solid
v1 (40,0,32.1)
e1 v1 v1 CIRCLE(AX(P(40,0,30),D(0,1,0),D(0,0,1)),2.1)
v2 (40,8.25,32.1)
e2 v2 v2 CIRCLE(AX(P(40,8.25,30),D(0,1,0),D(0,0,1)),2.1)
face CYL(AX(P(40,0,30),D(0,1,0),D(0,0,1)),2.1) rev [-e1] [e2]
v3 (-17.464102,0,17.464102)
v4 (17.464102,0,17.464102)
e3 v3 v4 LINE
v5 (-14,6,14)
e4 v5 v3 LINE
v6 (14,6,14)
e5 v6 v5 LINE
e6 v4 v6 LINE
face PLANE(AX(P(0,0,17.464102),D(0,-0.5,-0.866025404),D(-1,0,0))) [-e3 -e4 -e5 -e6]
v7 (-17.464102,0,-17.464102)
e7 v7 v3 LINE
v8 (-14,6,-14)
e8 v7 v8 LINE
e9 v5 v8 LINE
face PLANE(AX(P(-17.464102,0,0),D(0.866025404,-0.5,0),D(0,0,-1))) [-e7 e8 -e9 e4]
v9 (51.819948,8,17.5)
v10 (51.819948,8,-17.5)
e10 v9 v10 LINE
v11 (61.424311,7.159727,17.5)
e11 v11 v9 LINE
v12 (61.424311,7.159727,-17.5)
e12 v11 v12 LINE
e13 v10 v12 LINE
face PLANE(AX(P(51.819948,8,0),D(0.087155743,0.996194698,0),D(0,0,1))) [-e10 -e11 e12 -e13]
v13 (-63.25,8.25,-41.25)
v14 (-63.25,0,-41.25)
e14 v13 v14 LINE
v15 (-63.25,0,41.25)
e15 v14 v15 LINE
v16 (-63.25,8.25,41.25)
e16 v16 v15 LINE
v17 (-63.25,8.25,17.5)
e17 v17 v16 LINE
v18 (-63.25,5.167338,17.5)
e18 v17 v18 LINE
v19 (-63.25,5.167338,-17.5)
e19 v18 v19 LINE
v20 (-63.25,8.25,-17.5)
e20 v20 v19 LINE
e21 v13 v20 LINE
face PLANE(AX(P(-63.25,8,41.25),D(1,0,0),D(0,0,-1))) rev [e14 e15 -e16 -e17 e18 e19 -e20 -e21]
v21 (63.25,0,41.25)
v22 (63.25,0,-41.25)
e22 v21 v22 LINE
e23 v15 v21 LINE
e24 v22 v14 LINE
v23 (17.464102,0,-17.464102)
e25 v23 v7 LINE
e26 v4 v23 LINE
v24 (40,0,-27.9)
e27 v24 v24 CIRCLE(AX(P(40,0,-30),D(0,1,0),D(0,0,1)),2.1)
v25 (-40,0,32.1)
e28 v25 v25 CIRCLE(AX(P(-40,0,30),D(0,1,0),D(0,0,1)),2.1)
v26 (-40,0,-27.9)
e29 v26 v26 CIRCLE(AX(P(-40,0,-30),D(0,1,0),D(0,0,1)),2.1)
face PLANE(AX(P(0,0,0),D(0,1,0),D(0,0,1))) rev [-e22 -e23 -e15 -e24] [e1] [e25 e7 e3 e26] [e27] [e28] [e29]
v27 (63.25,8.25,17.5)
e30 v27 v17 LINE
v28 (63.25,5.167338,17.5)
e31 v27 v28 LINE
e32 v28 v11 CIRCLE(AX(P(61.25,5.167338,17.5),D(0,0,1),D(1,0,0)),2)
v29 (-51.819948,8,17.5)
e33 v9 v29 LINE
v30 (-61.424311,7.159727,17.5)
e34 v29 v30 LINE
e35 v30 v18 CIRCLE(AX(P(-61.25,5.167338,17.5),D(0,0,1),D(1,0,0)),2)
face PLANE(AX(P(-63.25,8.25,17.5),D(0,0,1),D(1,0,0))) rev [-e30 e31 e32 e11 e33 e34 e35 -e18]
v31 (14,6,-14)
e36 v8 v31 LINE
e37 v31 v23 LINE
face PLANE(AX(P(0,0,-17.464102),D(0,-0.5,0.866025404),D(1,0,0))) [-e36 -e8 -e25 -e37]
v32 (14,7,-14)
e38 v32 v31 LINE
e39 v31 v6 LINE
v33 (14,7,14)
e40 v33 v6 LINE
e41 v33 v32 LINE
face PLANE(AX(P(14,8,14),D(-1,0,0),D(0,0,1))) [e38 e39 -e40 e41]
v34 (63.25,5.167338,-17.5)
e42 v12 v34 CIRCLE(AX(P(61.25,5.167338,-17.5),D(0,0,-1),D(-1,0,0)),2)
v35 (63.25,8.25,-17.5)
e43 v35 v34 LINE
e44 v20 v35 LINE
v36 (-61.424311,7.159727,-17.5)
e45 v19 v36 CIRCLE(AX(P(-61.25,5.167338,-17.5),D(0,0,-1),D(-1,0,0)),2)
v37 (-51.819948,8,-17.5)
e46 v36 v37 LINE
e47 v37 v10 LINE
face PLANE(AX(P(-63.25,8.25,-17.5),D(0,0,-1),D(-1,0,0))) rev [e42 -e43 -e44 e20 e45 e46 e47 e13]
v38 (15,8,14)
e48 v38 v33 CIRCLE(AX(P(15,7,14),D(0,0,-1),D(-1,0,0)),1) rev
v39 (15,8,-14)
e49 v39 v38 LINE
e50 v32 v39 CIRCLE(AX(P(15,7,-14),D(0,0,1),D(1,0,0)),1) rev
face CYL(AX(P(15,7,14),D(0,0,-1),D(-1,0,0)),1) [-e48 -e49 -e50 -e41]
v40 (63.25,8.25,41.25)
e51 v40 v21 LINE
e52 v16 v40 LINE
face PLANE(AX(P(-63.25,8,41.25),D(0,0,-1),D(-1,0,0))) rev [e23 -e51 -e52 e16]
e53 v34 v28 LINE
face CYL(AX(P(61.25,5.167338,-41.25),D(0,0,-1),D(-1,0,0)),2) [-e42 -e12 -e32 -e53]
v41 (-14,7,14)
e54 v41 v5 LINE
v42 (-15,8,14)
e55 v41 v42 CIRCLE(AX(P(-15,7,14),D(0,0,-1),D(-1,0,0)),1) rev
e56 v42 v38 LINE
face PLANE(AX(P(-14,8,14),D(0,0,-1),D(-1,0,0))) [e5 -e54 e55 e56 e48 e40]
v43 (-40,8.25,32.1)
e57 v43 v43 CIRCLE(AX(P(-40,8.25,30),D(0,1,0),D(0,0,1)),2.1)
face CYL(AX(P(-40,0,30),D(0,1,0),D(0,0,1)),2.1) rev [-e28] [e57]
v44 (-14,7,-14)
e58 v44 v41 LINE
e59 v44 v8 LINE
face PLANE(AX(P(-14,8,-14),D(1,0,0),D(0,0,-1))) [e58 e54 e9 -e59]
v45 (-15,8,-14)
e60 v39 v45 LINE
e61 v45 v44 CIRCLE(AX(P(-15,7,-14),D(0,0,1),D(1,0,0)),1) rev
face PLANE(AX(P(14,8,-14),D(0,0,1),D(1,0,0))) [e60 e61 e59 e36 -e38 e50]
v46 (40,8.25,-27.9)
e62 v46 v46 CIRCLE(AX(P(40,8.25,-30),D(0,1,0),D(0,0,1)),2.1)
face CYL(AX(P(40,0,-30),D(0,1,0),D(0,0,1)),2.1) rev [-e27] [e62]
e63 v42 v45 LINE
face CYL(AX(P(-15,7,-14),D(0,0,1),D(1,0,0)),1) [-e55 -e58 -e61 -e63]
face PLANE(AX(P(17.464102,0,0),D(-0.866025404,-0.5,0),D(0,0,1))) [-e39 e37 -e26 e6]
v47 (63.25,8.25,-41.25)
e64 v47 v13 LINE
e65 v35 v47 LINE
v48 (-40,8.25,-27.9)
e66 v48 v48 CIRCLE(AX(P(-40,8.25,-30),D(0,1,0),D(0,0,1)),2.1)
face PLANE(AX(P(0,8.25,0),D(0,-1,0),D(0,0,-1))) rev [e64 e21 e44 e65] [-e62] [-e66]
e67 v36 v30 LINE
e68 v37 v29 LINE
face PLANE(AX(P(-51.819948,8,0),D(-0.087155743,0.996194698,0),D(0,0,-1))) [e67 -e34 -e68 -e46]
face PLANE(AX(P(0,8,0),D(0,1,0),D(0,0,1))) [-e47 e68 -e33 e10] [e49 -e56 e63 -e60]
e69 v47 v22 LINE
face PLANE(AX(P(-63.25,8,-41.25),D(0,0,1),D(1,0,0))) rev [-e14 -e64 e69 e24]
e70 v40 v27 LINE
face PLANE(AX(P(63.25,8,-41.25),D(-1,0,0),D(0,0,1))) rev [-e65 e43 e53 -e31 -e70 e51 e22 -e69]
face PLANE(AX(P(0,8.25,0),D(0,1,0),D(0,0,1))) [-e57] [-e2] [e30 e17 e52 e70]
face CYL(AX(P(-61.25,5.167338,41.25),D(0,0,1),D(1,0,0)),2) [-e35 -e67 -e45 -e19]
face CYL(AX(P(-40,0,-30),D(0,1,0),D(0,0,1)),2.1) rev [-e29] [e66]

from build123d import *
from OCP.BRepFilletAPI import BRepFilletAPI_MakeChamfer

# Parameters (mm, degrees)
SKETCH_1_W               = 126.5
SKETCH_1_H               = 82.5
SKETCH_1_W_2             = 28
SKETCH_1_H_2             = 28
EXTRUDE_1_DEPTH          = 8
SKETCH_2_W               = 126.5
SKETCH_2_H               = 23.75
EXTRUDE_2_DEPTH          = 0.25
CHAMFER_1_SIZE           = 1
CHAMFER_1_SIZE2          = 11.430052303
FILLET_1_R               = 2
FILLET_2_R               = 1
CUT_EXTRUDE_1_DEPTH      = 76.935005103
CUT_EXTRUDE_1_DEPTH_BACK = 76.935005103
SKETCH_3_R               = 2.1
CHAMFER_2_SIZE           = 6
CHAMFER_2_SIZE2          = 3.464101615
CHAMFER_3_SIZE           = 6
CHAMFER_3_SIZE2          = 3.464101615


with BuildPart() as part:
    # Эскиз1 → Бобышка-Вытянуть1 (new body)
    with BuildSketch(Plane(origin=(0, 0, 0), x_dir=(1, 0, 0), z_dir=(0, 1, 0))):
        Rectangle(SKETCH_1_W, SKETCH_1_H)
        Rectangle(SKETCH_1_W_2, SKETCH_1_H_2, mode=Mode.SUBTRACT)
    extrude(amount=EXTRUDE_1_DEPTH)

    # Эскиз2 → Бобышка-Вытянуть2 (add)
    with BuildSketch(Plane(origin=(0, 8, 0), x_dir=(1, 0, 0), z_dir=(0, 1, 0))):
        with Locations((0, 29.375)):
            Rectangle(SKETCH_2_W, SKETCH_2_H)
        with Locations((0, -29.375)):
            Rectangle(SKETCH_2_W, SKETCH_2_H)
    extrude(amount=EXTRUDE_2_DEPTH)

    # Фаска1: one chamfer whose edges measure the first distance from different faces: ONE call of the kernel's chamfer builder (chamfer() names one face for all edges)
    chamfer_1_edges_1 = [part.edges().sort_by_distance(p)[0] for p in [
        (-63.25, 8, 0),
    ]]
    chamfer_1_side_1 = [part.faces().sort_by_distance(p)[0] for p in [
        (-63.25, 4.072906977, 0),
    ]]
    chamfer_1_edges_2 = [part.edges().sort_by_distance(p)[0] for p in [
        (63.25, 8, 0),
    ]]
    chamfer_1_side_2 = [part.faces().sort_by_distance(p)[0] for p in [
        (63.25, 4.072906977, 0),
    ]]
    chamfer_1 = BRepFilletAPI_MakeChamfer(part.part.solid().wrapped)
    for e in chamfer_1_edges_1:
        chamfer_1.Add(CHAMFER_1_SIZE, CHAMFER_1_SIZE2, e.wrapped, chamfer_1_side_1[0].wrapped)  # the first distance lies on this face
    for e in chamfer_1_edges_2:
        chamfer_1.Add(CHAMFER_1_SIZE, CHAMFER_1_SIZE2, e.wrapped, chamfer_1_side_2[0].wrapped)  # the first distance lies on this face
    add(Compound.cast(chamfer_1.Shape()), mode=Mode.REPLACE)

    # Скругление1
    fillet_1_edges = [part.edges().sort_by_distance(p)[0] for p in [
        (63.25, 7, 0),
        (-63.25, 7, 0),
    ]]
    fillet(fillet_1_edges, radius=FILLET_1_R)

    # Скругление2
    fillet_2_edges = [part.edges().sort_by_distance(p)[0] for p in [
        (-14, 8, 0),
        (14, 8, 0),
    ]]
    fillet(fillet_2_edges, radius=FILLET_2_R)

    # Эскиз3 → Вырез-Вытянуть1 (cut, two sides: drawn at the far end of the back side and taken through both)
    with BuildSketch(Plane(origin=(0, 8, 0), x_dir=(1, 0, 0), z_dir=(0, 1, 0)).offset(-CUT_EXTRUDE_1_DEPTH_BACK)):
        with Locations(Location((-40, 30, 0), (0, 0, 270))):
            Circle(SKETCH_3_R)
        with Locations(Location((40, 30, 0), (0, 0, 270))):
            Circle(SKETCH_3_R)
        with Locations(Location((-40, -30, 0), (0, 0, 270))):
            Circle(SKETCH_3_R)
        with Locations(Location((40, -30, 0), (0, 0, 270))):
            Circle(SKETCH_3_R)
    extrude(amount=CUT_EXTRUDE_1_DEPTH + CUT_EXTRUDE_1_DEPTH_BACK, mode=Mode.SUBTRACT)

    # Фаска2: one chamfer whose edges measure the first distance from different faces: ONE call of the kernel's chamfer builder (chamfer() names one face for all edges)
    chamfer_2_edges_1 = [part.edges().sort_by_distance(p)[0] for p in [
        (-14, 0, 0),
    ]]
    chamfer_2_side_1 = [part.faces().sort_by_distance(p)[0] for p in [
        (-14, 3.5, 0),
    ]]
    chamfer_2_edges_2 = [part.edges().sort_by_distance(p)[0] for p in [
        (14, 0, 0),
    ]]
    chamfer_2_side_2 = [part.faces().sort_by_distance(p)[0] for p in [
        (14, 3.5, 0),
    ]]
    chamfer_2 = BRepFilletAPI_MakeChamfer(part.part.solid().wrapped)
    for e in chamfer_2_edges_1:
        chamfer_2.Add(CHAMFER_2_SIZE, CHAMFER_2_SIZE2, e.wrapped, chamfer_2_side_1[0].wrapped)  # the first distance lies on this face
    for e in chamfer_2_edges_2:
        chamfer_2.Add(CHAMFER_2_SIZE, CHAMFER_2_SIZE2, e.wrapped, chamfer_2_side_2[0].wrapped)  # the first distance lies on this face
    add(Compound.cast(chamfer_2.Shape()), mode=Mode.REPLACE)

    # Фаска3: one chamfer whose edges measure the first distance from different faces: ONE call of the kernel's chamfer builder (chamfer() names one face for all edges)
    chamfer_3_edges_1 = [part.edges().sort_by_distance(p)[0] for p in [
        (0, 0, 14),
    ]]
    chamfer_3_side_1 = [part.faces().sort_by_distance(p)[0] for p in [
        (0, 3.837087991, 14),
    ]]
    chamfer_3_edges_2 = [part.edges().sort_by_distance(p)[0] for p in [
        (0, 0, -14),
    ]]
    chamfer_3_side_2 = [part.faces().sort_by_distance(p)[0] for p in [
        (0, 3.837087991, -14),
    ]]
    chamfer_3 = BRepFilletAPI_MakeChamfer(part.part.solid().wrapped)
    for e in chamfer_3_edges_1:
        chamfer_3.Add(CHAMFER_3_SIZE, CHAMFER_3_SIZE2, e.wrapped, chamfer_3_side_1[0].wrapped)  # the first distance lies on this face
    for e in chamfer_3_edges_2:
        chamfer_3.Add(CHAMFER_3_SIZE, CHAMFER_3_SIZE2, e.wrapped, chamfer_3_side_2[0].wrapped)  # the first distance lies on this face
    add(Compound.cast(chamfer_3.Shape()), mode=Mode.REPLACE)


solid = part.part
